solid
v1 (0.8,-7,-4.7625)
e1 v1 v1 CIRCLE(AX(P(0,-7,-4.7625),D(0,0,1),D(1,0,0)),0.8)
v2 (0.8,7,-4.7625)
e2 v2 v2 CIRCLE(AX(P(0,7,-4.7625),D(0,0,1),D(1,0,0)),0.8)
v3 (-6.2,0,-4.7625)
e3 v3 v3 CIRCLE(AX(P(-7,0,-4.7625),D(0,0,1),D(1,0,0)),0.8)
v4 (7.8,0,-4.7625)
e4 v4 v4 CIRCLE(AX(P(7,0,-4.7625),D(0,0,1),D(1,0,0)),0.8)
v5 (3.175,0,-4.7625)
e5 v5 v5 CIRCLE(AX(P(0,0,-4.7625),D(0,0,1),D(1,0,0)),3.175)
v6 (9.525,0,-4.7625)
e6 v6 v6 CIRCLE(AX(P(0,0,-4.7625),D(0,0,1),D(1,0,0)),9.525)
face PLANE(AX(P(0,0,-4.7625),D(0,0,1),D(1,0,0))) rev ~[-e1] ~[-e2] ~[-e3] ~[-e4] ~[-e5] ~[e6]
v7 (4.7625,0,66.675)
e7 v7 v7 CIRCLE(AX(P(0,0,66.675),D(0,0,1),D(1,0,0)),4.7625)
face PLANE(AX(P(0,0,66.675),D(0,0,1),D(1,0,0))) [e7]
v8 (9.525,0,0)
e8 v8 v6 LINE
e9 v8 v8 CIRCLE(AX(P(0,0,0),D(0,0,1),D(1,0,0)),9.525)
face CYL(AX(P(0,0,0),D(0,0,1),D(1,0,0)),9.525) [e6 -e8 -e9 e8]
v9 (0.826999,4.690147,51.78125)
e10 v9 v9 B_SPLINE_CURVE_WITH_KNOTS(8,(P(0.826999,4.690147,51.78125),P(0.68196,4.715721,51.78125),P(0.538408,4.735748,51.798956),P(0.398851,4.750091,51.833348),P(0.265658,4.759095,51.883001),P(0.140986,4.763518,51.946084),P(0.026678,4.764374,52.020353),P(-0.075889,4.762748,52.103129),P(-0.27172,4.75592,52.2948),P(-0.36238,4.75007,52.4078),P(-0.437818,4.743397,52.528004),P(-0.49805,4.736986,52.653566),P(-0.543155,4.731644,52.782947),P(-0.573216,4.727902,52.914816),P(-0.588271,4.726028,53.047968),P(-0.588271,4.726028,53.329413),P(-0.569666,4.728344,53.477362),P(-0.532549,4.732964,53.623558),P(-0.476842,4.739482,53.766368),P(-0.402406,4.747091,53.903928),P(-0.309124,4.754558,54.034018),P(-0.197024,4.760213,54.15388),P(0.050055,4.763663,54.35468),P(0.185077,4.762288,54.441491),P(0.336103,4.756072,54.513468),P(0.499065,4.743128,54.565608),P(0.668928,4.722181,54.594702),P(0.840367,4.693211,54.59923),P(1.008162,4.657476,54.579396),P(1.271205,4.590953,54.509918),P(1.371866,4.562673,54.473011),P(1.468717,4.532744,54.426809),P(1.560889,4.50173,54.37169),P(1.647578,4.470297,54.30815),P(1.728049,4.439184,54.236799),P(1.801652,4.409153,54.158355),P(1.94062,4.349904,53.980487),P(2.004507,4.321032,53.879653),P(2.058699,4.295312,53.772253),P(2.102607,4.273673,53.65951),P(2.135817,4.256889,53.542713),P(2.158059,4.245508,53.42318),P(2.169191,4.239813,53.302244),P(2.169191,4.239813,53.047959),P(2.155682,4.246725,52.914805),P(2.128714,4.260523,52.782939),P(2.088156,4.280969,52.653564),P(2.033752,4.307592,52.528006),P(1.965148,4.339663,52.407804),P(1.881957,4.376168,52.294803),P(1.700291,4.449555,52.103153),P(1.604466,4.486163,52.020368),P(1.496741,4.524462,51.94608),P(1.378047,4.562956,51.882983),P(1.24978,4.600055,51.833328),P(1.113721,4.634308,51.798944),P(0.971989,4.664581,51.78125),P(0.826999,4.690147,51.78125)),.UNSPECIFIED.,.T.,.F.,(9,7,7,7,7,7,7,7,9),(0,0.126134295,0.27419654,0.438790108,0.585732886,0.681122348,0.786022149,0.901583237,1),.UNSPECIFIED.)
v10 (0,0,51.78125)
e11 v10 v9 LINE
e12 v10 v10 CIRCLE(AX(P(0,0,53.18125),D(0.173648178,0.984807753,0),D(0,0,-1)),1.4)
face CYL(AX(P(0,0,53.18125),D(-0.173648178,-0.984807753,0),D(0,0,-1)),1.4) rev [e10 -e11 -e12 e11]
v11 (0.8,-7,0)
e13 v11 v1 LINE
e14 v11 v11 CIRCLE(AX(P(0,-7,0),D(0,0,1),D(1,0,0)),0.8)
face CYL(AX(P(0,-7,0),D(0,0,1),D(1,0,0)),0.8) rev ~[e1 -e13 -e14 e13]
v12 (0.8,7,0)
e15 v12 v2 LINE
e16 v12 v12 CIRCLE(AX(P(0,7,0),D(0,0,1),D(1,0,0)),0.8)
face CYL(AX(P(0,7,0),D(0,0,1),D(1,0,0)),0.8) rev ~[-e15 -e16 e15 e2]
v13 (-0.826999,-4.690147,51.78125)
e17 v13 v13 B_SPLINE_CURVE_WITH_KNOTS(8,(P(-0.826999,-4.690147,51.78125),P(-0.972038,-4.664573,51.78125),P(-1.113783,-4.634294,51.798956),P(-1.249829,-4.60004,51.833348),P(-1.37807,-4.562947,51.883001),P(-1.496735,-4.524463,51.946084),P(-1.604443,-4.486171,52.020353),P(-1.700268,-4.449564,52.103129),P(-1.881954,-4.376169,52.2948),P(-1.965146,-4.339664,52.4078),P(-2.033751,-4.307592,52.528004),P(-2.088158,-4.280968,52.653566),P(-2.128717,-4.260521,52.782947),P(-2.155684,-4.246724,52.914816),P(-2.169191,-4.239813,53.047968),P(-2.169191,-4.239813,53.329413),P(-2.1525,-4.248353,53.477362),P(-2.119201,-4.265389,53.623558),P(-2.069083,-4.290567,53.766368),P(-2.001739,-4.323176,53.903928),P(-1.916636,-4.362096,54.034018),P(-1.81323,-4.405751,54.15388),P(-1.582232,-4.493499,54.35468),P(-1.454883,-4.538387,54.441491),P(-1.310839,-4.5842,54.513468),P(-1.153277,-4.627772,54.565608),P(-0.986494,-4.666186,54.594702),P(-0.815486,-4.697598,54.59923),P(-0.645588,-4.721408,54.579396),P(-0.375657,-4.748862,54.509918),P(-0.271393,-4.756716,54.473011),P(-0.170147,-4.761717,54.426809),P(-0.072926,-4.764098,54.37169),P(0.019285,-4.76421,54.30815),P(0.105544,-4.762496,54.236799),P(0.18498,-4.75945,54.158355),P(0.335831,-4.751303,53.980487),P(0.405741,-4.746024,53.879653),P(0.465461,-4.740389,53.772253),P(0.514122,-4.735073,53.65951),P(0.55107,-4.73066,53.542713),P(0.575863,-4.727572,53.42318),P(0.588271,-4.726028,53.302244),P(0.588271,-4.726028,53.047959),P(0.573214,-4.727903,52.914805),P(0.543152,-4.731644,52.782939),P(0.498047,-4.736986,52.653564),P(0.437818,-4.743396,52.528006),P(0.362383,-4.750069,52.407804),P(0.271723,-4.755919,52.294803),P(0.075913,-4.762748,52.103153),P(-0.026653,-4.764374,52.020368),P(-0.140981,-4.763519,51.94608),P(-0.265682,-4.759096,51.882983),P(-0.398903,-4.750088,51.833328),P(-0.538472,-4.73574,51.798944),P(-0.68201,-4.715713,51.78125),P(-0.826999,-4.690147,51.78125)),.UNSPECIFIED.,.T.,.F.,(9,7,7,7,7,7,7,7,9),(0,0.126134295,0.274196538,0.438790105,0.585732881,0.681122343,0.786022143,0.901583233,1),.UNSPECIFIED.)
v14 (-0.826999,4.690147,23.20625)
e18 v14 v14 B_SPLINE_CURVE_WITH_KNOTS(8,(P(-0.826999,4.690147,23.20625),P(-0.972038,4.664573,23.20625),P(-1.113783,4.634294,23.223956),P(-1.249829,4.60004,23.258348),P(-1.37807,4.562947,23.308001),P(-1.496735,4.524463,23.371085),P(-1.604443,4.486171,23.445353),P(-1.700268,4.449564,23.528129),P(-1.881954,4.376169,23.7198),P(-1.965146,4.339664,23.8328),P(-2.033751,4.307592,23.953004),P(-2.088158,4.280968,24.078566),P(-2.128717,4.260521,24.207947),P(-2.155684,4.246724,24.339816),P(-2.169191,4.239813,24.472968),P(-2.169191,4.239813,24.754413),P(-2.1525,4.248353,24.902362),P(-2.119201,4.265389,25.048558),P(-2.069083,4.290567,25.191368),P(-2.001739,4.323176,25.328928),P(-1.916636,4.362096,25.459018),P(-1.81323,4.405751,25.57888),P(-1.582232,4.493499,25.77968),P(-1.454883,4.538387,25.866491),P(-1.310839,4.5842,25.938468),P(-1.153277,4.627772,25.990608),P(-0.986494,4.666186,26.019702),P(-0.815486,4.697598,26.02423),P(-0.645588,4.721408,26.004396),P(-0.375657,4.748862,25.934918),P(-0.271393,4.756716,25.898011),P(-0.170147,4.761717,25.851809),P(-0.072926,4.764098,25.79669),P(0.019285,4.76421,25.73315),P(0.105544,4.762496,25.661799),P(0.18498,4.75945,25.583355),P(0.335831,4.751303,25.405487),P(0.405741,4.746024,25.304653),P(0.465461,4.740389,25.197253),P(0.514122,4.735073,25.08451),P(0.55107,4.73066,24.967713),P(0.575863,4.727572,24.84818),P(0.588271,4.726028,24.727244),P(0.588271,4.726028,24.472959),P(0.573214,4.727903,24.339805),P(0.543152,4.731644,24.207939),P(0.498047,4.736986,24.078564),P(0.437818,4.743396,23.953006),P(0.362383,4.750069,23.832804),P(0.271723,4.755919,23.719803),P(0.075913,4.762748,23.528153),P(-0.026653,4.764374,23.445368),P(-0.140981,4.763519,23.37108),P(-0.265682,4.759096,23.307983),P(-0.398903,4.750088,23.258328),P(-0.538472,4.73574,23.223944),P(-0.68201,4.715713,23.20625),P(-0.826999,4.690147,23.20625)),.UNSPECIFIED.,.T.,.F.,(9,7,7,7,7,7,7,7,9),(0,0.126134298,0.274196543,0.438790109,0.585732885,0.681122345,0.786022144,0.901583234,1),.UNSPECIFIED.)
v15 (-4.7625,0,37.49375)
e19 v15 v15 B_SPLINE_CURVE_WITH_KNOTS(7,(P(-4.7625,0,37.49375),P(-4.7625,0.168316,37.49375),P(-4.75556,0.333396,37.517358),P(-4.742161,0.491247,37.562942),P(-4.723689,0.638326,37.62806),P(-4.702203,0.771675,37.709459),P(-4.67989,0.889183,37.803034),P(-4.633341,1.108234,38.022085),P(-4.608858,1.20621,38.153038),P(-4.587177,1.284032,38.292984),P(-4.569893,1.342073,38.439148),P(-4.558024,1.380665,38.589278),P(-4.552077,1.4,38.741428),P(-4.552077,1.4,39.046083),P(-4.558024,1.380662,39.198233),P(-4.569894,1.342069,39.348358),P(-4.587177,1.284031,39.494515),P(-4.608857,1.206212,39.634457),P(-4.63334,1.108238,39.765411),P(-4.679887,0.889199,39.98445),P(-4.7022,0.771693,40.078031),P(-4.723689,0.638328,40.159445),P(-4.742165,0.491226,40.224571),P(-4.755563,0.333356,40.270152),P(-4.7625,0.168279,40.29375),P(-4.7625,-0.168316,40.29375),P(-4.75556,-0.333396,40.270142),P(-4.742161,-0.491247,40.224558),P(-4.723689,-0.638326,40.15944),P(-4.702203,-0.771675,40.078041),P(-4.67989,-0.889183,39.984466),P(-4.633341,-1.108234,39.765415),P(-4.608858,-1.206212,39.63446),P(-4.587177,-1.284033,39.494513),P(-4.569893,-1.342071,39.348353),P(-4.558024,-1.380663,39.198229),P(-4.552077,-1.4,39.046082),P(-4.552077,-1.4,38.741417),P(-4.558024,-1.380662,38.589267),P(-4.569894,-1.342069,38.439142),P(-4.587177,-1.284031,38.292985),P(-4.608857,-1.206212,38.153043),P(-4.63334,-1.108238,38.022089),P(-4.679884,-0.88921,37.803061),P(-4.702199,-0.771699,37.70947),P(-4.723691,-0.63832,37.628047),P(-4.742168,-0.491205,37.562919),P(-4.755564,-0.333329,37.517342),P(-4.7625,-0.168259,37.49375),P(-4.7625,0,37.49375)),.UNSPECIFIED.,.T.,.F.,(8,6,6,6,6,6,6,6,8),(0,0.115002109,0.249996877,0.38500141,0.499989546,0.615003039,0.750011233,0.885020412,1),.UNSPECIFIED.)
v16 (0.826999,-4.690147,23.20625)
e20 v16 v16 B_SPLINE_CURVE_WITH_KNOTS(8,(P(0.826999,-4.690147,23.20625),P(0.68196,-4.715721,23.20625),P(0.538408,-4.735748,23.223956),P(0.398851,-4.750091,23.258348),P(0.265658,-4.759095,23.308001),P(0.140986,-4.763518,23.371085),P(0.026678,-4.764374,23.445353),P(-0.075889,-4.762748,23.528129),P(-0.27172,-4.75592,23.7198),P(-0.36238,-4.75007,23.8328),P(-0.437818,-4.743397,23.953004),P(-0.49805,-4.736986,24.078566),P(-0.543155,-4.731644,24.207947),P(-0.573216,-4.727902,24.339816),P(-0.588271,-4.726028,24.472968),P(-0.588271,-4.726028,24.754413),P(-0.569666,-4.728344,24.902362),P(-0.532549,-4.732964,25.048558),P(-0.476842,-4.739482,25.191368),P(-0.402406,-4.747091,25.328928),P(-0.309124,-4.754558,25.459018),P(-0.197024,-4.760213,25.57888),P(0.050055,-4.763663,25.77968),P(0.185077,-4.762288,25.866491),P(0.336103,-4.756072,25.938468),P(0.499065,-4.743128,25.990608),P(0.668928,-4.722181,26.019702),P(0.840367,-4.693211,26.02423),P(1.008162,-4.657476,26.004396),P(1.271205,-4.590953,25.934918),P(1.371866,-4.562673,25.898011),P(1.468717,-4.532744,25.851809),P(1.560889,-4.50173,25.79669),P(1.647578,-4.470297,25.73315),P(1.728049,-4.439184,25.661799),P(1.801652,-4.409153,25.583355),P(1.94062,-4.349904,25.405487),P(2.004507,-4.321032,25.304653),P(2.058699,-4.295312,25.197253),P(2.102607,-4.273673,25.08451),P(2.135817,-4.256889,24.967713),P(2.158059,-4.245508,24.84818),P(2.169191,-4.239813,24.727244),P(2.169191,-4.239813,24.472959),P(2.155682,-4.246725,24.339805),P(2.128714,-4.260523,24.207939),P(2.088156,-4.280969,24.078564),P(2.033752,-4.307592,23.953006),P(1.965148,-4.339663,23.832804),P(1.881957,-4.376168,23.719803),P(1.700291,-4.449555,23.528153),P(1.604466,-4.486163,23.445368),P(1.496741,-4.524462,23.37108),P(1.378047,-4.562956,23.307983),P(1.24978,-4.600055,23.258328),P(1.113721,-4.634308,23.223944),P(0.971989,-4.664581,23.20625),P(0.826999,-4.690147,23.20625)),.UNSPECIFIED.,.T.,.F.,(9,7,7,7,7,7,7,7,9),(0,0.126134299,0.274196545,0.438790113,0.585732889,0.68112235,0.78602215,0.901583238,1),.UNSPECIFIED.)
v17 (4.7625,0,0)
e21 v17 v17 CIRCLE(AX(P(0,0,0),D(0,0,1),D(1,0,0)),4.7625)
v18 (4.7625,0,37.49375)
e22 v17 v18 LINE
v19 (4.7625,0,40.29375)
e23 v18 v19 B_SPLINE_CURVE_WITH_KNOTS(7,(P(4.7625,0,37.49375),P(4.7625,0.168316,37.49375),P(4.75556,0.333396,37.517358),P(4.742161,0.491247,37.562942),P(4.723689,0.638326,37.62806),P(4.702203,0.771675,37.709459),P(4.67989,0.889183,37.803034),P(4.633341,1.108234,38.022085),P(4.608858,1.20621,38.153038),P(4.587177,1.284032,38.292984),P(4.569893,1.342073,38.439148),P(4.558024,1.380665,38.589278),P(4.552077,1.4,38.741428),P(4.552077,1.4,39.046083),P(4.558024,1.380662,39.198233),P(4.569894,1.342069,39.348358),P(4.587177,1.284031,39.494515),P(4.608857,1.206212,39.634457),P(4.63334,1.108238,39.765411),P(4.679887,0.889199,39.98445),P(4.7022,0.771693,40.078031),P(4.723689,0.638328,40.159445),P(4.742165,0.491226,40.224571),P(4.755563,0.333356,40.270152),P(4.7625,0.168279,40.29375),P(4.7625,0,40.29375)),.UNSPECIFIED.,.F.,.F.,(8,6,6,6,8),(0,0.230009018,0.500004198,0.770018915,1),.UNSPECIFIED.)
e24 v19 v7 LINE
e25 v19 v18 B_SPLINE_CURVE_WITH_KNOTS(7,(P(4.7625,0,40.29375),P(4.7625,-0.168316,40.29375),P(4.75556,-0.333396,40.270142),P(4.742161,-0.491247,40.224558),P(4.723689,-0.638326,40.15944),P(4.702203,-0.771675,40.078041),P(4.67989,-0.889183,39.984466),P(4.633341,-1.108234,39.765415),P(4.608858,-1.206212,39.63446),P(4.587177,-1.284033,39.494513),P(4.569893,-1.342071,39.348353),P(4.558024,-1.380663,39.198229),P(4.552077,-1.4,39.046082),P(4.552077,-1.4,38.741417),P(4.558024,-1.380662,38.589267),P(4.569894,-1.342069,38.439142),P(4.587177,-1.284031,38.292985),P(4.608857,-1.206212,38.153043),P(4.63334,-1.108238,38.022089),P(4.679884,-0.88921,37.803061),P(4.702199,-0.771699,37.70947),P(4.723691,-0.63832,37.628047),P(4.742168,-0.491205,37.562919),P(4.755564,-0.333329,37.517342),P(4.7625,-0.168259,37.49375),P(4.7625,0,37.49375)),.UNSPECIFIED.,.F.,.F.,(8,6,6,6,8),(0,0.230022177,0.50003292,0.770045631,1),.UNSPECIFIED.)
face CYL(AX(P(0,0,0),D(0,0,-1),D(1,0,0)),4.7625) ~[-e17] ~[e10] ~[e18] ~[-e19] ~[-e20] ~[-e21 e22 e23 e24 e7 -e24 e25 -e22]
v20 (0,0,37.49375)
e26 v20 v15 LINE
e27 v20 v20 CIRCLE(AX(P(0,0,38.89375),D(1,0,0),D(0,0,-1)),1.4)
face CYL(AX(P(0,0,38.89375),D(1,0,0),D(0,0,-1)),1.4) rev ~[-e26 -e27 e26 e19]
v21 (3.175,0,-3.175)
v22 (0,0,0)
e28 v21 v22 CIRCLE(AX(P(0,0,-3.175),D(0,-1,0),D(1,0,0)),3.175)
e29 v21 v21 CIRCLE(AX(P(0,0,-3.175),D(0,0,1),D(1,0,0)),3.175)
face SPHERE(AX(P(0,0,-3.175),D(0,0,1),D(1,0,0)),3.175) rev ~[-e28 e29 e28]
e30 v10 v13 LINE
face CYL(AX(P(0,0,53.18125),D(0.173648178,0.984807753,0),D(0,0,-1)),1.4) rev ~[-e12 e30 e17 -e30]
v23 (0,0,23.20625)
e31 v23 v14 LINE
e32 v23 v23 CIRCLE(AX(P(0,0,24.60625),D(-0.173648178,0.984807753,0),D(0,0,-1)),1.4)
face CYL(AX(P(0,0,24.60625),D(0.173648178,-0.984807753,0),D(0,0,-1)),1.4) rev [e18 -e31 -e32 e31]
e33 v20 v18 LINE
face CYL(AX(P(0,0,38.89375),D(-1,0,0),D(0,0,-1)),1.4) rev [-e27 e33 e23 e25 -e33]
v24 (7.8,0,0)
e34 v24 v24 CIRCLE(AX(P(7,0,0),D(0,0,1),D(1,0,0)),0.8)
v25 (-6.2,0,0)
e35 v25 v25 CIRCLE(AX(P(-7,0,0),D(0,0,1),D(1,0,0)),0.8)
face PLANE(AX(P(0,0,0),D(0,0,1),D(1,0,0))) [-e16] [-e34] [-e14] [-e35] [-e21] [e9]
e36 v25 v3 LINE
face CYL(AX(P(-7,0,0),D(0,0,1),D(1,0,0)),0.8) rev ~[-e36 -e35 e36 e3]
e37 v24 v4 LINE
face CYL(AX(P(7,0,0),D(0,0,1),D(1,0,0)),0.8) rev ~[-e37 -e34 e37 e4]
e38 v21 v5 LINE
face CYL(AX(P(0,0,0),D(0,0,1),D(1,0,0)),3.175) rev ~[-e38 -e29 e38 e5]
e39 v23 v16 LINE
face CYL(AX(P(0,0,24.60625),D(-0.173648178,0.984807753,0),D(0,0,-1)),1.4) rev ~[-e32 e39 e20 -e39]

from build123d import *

# Parameters (mm, degrees)
SKETCH1_R               = 4.7625
BOSS_EXTRUDE1_DEPTH     = 66.675
SKETCH1_4_R             = 9.525
SKETCH1_4_R_2           = 0.800000051
SKETCH1_4_R_3           = 4.7625
SKETCH1_4_R_4           = 3.175
BOSS_EXTRUDE2_DEPTH     = 4.7625
FILLET1_R               = 3.175
SKETCH3_R               = 1.399999994
CUT_EXTRUDE2_DEPTH      = 10.525
CUT_EXTRUDE2_DEPTH_BACK = 10.525
SKETCH4_R               = 1.399999994
CUT_EXTRUDE3_DEPTH      = 12.03429274
CUT_EXTRUDE3_DEPTH_BACK = 12.03429274
SKETCH5_R               = 1.399999994
CUT_EXTRUDE4_DEPTH      = 12.03429274
CUT_EXTRUDE4_DEPTH_BACK = 12.03429274


with BuildPart() as part:
    # Sketch1 → Boss-Extrude1 (new body)
    with BuildSketch(Plane.XY):
        Circle(SKETCH1_R)
    extrude(amount=BOSS_EXTRUDE1_DEPTH)

    # Sketch1<4> → Boss-Extrude2 (add)
    with BuildSketch(Plane.XY):
        Circle(SKETCH1_4_R)
        with Locations((-6.99999997, 0)):
            Circle(SKETCH1_4_R_2, mode=Mode.SUBTRACT)
        with Locations((0, -6.99999997)):
            Circle(SKETCH1_4_R_2, mode=Mode.SUBTRACT)
        with Locations((6.99999997, 0)):
            Circle(SKETCH1_4_R_2, mode=Mode.SUBTRACT)
        with Locations((0, 6.99999997)):
            Circle(SKETCH1_4_R_2, mode=Mode.SUBTRACT)
        Circle(SKETCH1_4_R_3, mode=Mode.SUBTRACT)
        Circle(SKETCH1_4_R_3)
        Circle(SKETCH1_4_R_4, mode=Mode.SUBTRACT)
    extrude(amount=-BOSS_EXTRUDE2_DEPTH)

    # Fillet1
    fillet1_edges = [part.edges().sort_by_distance(p)[0] for p in [
        (-3.175, 0, 0),
    ]]
    fillet(fillet1_edges, radius=FILLET1_R)

    # Sketch3 → Cut-Extrude2 (cut, two sides)
    with BuildSketch(Plane(origin=(0, 0, 0), x_dir=(0, 0, -1), z_dir=(1, 0, 0))) as cut_extrude2_sk:
        with Locations((-38.89375, 0)):
            Circle(SKETCH3_R)
    extrude(amount=CUT_EXTRUDE2_DEPTH, mode=Mode.SUBTRACT)
    extrude(cut_extrude2_sk.sketch, amount=-CUT_EXTRUDE2_DEPTH_BACK, mode=Mode.SUBTRACT)

    # Sketch4 → Cut-Extrude3 (cut, two sides)
    with BuildSketch(Plane(origin=(0, 0, 0), x_dir=(0, 0, -1), z_dir=(0.173648178, 0.984807753, 0))) as cut_extrude3_sk:
        with Locations((-53.18125, 0)):
            Circle(SKETCH4_R)
    extrude(amount=CUT_EXTRUDE3_DEPTH, mode=Mode.SUBTRACT)
    extrude(cut_extrude3_sk.sketch, amount=-CUT_EXTRUDE3_DEPTH_BACK, mode=Mode.SUBTRACT)

    # Sketch5 → Cut-Extrude4 (cut, two sides)
    with BuildSketch(Plane(origin=(0, 0, 0), x_dir=(0, 0, -1), z_dir=(-0.173648178, 0.984807753, 0))) as cut_extrude4_sk:
        with Locations((-24.60625, 0)):
            Circle(SKETCH5_R)
    extrude(amount=CUT_EXTRUDE4_DEPTH, mode=Mode.SUBTRACT)
    extrude(cut_extrude4_sk.sketch, amount=-CUT_EXTRUDE4_DEPTH_BACK, mode=Mode.SUBTRACT)


solid = part.part
